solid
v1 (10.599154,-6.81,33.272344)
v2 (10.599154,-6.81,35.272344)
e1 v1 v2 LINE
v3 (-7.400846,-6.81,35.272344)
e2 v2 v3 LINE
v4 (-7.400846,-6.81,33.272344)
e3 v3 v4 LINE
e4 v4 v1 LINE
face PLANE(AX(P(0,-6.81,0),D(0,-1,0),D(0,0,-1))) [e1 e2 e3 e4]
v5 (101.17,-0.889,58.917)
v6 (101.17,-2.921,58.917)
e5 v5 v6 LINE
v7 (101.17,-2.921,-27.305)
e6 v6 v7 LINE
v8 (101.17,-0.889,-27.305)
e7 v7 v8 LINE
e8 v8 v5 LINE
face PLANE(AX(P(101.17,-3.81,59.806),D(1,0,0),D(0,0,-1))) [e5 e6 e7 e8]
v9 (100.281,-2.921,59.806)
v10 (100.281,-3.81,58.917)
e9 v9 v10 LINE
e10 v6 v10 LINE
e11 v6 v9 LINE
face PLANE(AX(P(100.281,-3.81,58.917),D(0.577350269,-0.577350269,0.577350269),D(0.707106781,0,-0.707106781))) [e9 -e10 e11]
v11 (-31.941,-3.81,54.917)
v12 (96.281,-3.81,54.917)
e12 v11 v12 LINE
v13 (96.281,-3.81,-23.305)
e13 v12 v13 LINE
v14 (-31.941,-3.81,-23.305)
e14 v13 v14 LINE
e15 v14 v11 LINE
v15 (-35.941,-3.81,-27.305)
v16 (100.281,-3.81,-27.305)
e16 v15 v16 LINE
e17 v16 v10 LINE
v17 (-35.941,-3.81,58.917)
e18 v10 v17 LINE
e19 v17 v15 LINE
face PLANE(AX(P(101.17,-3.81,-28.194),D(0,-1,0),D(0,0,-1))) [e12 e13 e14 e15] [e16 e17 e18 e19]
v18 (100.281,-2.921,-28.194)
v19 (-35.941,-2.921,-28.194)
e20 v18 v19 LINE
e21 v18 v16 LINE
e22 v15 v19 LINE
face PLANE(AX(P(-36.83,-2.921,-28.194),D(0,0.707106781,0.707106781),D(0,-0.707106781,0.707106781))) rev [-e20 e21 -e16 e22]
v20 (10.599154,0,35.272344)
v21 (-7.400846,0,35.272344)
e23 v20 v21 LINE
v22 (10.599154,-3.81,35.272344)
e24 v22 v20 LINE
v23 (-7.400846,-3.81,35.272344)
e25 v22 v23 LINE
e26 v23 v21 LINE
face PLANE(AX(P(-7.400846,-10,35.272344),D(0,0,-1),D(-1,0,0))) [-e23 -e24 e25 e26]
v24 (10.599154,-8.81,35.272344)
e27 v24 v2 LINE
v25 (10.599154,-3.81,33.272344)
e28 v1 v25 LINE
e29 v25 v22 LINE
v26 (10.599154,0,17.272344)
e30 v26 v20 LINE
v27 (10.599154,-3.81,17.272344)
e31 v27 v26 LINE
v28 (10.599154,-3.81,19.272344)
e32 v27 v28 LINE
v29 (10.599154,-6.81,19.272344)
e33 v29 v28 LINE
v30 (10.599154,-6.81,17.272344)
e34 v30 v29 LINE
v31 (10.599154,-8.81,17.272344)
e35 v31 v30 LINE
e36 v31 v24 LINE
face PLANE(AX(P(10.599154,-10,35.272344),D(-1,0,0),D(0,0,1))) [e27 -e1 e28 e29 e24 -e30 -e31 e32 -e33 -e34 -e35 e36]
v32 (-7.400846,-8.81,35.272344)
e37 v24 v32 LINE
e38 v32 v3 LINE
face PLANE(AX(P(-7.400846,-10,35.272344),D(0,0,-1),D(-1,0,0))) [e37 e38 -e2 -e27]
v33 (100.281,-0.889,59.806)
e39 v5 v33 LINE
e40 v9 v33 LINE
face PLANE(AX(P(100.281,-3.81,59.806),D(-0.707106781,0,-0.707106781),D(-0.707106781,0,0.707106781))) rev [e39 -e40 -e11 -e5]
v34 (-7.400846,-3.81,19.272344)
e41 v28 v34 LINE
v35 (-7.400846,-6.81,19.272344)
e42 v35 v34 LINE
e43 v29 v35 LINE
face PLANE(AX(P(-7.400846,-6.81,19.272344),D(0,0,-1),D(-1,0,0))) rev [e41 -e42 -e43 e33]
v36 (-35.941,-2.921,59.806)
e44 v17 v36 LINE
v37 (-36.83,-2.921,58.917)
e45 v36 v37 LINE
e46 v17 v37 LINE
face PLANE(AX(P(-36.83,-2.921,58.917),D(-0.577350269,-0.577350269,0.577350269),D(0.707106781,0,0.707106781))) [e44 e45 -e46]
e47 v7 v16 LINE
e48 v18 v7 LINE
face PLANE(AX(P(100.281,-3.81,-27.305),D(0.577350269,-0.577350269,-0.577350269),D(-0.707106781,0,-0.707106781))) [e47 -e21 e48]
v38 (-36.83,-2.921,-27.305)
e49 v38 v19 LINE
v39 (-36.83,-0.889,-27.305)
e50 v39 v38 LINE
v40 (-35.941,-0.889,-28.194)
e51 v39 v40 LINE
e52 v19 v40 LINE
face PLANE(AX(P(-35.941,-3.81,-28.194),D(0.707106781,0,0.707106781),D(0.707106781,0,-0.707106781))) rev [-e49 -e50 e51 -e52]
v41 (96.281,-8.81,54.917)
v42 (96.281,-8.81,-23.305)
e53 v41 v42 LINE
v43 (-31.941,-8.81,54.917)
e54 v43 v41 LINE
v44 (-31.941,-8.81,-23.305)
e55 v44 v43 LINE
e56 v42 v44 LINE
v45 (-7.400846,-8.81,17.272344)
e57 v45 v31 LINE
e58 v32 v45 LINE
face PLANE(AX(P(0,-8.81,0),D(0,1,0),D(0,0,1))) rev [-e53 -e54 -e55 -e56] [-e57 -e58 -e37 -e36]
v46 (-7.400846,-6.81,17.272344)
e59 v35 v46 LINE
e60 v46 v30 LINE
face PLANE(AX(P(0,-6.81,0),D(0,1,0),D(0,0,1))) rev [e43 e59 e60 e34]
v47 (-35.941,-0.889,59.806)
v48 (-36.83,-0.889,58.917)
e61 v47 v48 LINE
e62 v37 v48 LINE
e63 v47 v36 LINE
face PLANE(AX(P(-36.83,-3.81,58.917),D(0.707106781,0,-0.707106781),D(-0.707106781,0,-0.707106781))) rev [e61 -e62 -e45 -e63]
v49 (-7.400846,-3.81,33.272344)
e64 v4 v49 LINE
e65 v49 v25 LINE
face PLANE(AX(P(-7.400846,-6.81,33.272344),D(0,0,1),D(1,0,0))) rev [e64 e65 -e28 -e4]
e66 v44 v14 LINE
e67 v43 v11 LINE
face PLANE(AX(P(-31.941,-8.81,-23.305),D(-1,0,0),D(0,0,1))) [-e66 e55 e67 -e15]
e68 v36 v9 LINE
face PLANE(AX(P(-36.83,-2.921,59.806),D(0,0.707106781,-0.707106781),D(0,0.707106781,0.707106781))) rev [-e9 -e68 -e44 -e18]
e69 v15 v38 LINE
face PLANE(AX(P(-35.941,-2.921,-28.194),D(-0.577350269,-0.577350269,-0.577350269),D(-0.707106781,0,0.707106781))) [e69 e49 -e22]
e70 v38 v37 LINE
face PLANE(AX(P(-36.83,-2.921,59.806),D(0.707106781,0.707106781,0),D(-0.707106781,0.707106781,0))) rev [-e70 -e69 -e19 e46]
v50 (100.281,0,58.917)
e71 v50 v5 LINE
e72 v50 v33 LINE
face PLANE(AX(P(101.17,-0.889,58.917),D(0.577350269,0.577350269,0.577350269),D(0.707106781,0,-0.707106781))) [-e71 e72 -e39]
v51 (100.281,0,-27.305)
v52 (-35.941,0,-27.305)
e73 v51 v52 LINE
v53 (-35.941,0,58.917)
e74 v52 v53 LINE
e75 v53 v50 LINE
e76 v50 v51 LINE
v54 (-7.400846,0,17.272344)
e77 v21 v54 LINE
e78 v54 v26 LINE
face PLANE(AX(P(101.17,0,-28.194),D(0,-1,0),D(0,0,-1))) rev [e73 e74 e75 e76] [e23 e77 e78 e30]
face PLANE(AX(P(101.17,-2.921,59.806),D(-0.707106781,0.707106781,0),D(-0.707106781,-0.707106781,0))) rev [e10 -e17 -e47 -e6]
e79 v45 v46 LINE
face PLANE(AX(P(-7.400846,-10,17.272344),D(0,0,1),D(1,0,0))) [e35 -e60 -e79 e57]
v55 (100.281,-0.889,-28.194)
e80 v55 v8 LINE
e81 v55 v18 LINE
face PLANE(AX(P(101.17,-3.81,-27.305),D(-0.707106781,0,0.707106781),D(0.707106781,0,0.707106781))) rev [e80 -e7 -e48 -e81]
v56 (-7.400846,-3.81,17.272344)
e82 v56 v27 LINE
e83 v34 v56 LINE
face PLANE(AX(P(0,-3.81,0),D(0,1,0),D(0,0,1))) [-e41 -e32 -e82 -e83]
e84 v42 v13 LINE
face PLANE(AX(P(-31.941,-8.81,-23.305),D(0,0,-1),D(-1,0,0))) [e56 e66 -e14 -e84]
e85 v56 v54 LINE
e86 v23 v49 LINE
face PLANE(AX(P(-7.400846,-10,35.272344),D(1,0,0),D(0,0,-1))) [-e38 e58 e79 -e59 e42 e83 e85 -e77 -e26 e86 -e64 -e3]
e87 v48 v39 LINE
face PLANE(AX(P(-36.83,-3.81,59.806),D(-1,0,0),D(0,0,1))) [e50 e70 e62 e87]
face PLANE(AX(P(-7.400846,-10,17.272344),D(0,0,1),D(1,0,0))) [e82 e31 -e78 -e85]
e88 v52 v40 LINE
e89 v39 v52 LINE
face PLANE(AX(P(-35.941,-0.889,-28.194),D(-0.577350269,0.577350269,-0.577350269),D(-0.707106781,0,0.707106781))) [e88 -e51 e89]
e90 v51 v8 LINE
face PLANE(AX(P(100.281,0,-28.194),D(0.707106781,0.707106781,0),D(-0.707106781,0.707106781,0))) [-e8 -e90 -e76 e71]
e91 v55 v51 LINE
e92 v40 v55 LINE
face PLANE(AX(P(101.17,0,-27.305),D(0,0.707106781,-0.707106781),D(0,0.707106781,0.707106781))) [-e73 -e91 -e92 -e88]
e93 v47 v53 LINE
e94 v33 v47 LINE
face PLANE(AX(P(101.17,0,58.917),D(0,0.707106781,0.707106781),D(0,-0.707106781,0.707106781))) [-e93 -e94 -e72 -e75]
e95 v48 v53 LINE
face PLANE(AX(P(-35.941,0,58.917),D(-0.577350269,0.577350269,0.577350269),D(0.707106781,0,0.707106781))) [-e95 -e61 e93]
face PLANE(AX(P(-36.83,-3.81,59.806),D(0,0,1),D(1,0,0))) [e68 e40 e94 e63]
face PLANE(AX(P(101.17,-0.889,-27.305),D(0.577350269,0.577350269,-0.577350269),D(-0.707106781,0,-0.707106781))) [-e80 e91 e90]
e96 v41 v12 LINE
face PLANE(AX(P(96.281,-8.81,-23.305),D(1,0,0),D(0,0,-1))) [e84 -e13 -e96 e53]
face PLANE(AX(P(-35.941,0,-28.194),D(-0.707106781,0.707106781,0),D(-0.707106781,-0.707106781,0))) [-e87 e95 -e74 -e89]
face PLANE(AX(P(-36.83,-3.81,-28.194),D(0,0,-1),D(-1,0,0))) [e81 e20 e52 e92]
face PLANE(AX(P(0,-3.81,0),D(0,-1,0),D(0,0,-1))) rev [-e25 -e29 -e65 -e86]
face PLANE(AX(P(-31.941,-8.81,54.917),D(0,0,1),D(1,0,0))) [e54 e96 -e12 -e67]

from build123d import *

# Parameters (mm, degrees)
SKETCH1_W           = 138
SKETCH1_H           = 88
BOSS_EXTRUDE1_DEPTH = 3.81
CHAMFER1_SIZE       = 0.889
SKETCH2_W           = 128.222
SKETCH2_H           = 78.222
BOSS_EXTRUDE2_DEPTH = 5
SKETCH3_W           = 18
SKETCH3_H           = 18
CUT_EXTRUDE1_DEPTH  = 10
SKETCH4_W           = 18
SKETCH4_H           = 2
BOSS_EXTRUDE3_DEPTH = 3


with BuildPart() as part:
    # Sketch1 → Boss-Extrude1 (new body)
    with BuildSketch(Plane(origin=(0, 0, 0), x_dir=(1, 0, 0), z_dir=(0, 1, 0))):
        with Locations((32.17, -15.806)):
            Rectangle(SKETCH1_W, SKETCH1_H)
    extrude(amount=-BOSS_EXTRUDE1_DEPTH)

    # Chamfer1
    chamfer1_edges = [part.edges().sort_by_distance(p)[0] for p in [
        (-36.83, -3.81, 15.806),
        (32.17, -3.81, 59.806),
        (101.17, -3.81, 15.806),
        (32.17, 0, 59.806),
        (-36.83, 0, 15.806),
        (32.17, 0, -28.194),
        (101.17, 0, 15.806),
        (32.17, -3.81, -28.194),
        (101.17, -1.905, 59.806),
        (-36.83, -1.905, 59.806),
        (-36.83, -1.905, -28.194),
        (101.17, -1.905, -28.194),
    ]]
    chamfer(chamfer1_edges, length=CHAMFER1_SIZE)


with BuildPart() as body_2:
    # Sketch2 → Boss-Extrude2 (new body)
    with BuildSketch(Plane(origin=(0, -3.81, 0), x_dir=(1, 0, 0), z_dir=(0, 1, 0))):
        with Locations((32.17, -15.806)):
            Rectangle(SKETCH2_W, SKETCH2_H)
    extrude(amount=-BOSS_EXTRUDE2_DEPTH)


with BuildPart() as cut_extrude1_tool:
    # Sketch3 → Cut-Extrude1 (new body)
    with BuildSketch(Plane(origin=(0, 0, 0), x_dir=(-1, 0, 0), z_dir=(0, -1, 0))):
        with Locations((-1.599154352, -26.272344334)):
            Rectangle(SKETCH3_W, SKETCH3_H)
    extrude(amount=CUT_EXTRUDE1_DEPTH)


with BuildPart() as part_1:
    add(part.part)

    # Cut-Extrude1: cut by cut_extrude1_tool
    add(cut_extrude1_tool.part, mode=Mode.SUBTRACT)



with BuildPart() as body_2_1:
    add(body_2.part)

    # Cut-Extrude1: cut by cut_extrude1_tool
    add(cut_extrude1_tool.part, mode=Mode.SUBTRACT)


with BuildPart() as part_2:
    add(part_1.part)

    add(body_2_1.part)  # Boss-Extrude3 merges body 2
    # Sketch4 → Boss-Extrude3 (add)
    with BuildSketch(Plane(origin=(0, -3.81, 0), x_dir=(-1, 0, 0), z_dir=(0, -1, 0))):
        with Locations((-1.599154352, -18.272344334)):
            Rectangle(SKETCH4_W, SKETCH4_H)
        with Locations((-1.599154352, -34.272344334)):
            Rectangle(SKETCH4_W, SKETCH4_H)
    extrude(amount=BOSS_EXTRUDE3_DEPTH)


solid = part_2.part
